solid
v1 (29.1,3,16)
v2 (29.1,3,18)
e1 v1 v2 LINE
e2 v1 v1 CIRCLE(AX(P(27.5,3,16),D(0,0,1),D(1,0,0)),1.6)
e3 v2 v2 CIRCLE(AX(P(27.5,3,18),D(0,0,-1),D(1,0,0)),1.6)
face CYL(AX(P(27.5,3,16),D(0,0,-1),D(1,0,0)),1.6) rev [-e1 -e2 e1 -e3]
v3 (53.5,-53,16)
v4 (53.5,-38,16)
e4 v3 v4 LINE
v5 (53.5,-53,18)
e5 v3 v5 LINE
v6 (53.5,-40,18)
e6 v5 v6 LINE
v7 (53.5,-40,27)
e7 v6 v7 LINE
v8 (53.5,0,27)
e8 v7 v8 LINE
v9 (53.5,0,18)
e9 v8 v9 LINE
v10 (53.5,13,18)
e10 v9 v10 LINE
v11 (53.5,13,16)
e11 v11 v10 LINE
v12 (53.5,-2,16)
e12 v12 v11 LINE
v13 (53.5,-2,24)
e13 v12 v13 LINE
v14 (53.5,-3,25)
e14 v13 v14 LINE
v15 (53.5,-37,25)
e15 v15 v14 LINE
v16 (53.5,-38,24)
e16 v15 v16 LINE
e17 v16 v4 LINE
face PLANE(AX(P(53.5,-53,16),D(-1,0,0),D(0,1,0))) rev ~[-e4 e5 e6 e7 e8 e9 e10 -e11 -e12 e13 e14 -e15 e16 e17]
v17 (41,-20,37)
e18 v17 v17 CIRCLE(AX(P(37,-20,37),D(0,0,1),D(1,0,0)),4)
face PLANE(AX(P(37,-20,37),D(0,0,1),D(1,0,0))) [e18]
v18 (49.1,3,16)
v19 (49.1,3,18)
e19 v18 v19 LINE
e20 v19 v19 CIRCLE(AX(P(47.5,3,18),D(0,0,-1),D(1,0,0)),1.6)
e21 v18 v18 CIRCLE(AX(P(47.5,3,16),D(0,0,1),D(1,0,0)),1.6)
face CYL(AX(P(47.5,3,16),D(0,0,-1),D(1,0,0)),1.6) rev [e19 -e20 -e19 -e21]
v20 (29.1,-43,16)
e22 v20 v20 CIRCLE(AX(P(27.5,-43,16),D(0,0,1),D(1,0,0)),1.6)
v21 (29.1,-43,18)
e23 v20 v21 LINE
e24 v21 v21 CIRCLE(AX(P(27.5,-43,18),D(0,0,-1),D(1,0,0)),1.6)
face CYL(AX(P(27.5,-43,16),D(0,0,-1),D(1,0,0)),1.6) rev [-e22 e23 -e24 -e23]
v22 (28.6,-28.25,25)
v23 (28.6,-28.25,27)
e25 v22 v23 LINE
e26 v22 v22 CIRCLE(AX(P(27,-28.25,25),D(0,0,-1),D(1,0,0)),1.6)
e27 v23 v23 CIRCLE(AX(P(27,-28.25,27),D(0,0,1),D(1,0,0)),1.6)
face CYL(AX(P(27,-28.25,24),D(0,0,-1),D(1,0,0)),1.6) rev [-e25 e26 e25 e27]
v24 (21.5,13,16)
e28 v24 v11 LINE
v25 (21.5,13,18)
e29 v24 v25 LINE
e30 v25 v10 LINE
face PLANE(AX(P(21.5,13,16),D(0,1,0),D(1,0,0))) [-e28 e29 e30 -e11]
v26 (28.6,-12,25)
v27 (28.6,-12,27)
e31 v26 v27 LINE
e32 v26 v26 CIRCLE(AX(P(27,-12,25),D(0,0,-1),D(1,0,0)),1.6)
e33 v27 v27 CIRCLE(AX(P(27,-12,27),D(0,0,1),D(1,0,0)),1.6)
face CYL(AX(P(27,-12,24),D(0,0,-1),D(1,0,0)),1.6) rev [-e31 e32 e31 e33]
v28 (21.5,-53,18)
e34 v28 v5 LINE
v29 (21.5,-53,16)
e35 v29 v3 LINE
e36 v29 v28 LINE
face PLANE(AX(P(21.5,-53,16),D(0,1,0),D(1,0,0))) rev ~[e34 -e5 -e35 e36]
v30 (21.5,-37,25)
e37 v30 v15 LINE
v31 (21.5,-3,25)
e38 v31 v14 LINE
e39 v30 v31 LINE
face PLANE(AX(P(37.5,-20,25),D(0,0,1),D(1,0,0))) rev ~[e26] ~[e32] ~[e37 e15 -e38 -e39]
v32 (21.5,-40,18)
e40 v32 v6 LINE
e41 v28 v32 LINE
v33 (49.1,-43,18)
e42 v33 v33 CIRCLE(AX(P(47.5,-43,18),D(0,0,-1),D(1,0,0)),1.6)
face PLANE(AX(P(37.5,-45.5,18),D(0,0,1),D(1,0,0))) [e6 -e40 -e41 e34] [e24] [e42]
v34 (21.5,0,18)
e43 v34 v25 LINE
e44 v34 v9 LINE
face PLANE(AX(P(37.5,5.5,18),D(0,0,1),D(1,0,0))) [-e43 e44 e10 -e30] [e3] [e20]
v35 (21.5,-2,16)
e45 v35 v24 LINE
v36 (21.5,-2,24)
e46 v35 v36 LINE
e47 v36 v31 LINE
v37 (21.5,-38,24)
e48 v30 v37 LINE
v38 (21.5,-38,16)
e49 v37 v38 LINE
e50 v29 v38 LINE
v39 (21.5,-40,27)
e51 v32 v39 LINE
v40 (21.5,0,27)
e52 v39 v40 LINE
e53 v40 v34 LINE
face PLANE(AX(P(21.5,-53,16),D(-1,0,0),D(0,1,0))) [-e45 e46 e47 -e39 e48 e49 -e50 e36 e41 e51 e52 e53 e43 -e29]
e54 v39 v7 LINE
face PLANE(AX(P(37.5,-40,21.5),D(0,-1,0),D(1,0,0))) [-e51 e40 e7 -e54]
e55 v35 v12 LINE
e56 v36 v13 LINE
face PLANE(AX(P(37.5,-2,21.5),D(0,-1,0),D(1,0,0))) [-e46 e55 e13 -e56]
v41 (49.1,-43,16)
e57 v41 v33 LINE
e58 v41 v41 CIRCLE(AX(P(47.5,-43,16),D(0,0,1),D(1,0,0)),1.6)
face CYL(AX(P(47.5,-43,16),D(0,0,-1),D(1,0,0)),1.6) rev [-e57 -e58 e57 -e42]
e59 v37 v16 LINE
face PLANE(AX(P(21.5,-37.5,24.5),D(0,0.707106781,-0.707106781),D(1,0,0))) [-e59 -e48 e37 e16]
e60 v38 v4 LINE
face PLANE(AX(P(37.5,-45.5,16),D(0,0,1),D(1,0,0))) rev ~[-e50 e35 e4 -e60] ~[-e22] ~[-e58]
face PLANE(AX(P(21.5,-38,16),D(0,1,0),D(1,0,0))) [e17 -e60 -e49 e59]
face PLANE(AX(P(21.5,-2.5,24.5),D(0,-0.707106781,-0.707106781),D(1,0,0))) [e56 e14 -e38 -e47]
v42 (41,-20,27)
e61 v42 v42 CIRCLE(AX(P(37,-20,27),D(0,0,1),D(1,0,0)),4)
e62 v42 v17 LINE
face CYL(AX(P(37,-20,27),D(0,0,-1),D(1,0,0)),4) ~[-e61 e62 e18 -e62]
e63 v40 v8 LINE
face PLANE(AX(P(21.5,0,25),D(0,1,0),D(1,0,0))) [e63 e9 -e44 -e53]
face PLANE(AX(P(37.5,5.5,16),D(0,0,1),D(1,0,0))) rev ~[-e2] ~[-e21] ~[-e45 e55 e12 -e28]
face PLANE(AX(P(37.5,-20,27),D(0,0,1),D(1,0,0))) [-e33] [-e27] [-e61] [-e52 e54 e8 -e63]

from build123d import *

# Parameters (mm, degrees)
CYLINDER101_R     = 1.6
CYLINDER101_DEPTH = 3
CYLINDER102_R     = 1.6
CYLINDER102_DEPTH = 3
CYLINDER103_R     = 1.6
CYLINDER103_DEPTH = 3
CYLINDER145_R     = 1.6
CYLINDER145_DEPTH = 3
CYLINDER146_R     = 1.6
CYLINDER146_DEPTH = 3
CYLINDER100_R     = 1.6
CYLINDER100_DEPTH = 3
BOX079_W          = 32
BOX079_H          = 7
BOX079_DEPTH      = 2
BOX014_W          = 32
BOX014_H          = 40
BOX014_DEPTH      = 2
BOX080_W          = 32
BOX080_H          = 7
BOX080_DEPTH      = 2
BOX078_W          = 32
BOX078_H          = 15
BOX078_DEPTH      = 2
CYLINDER_R        = 4
CYLINDER_DEPTH    = 10
BOX077_W          = 32
BOX077_H          = 15
BOX077_DEPTH      = 2
CHAMFER003_SIZE   = 1


with BuildPart() as cylinder101:
    # Cylinder101 → Cylinder101 (new body)
    with BuildSketch(Plane(origin=(47.5, -22, 7), x_dir=(1, 0, 0), z_dir=(0, 0, 1))):
        Circle(CYLINDER101_R)
    extrude(amount=CYLINDER101_DEPTH)


with BuildPart() as cylinder102:
    # Cylinder102 → Cylinder102 (new body)
    with BuildSketch(Plane(origin=(47.5, -68, 7), x_dir=(1, 0, 0), z_dir=(0, 0, 1))):
        Circle(CYLINDER102_R)
    extrude(amount=CYLINDER102_DEPTH)


with BuildPart() as cylinder103:
    # Cylinder103 → Cylinder103 (new body)
    with BuildSketch(Plane(origin=(27.5, -68, 7), x_dir=(1, 0, 0), z_dir=(0, 0, 1))):
        Circle(CYLINDER103_R)
    extrude(amount=CYLINDER103_DEPTH)


with BuildPart() as cylinder145:
    # Cylinder145 → Cylinder145 (new body)
    with BuildSketch(Plane(origin=(27, -37, 15), x_dir=(1, 0, 0), z_dir=(0, 0, 1))):
        Circle(CYLINDER145_R)
    extrude(amount=CYLINDER145_DEPTH)


with BuildPart() as cylinder146:
    # Cylinder146 → Cylinder146 (new body)
    with BuildSketch(Plane(origin=(27, -53.25, 15), x_dir=(1, 0, 0), z_dir=(0, 0, 1))):
        Circle(CYLINDER146_R)
    extrude(amount=CYLINDER146_DEPTH)


with BuildPart() as fusion046:
    # Cylinder100 → Cylinder100 (new body)
    with BuildSketch(Plane(origin=(27.5, -22, 7), x_dir=(1, 0, 0), z_dir=(0, 0, 1))):
        Circle(CYLINDER100_R)
    extrude(amount=CYLINDER100_DEPTH)

    # Fusion046: union Cylinder101, Cylinder102, Cylinder103, Cylinder145, Cylinder146
    add(cylinder101.part)
    add(cylinder102.part)
    add(cylinder103.part)
    add(cylinder145.part)
    add(cylinder146.part)


with BuildPart() as fusion046_1:
    # Fusion046 placement: moved
    add(fusion046.part.moved(Location((0, 25, 9))))


with BuildPart() as cube079:
    # Box079 → Box079 (new body)
    with BuildSketch(Plane(origin=(21.5, 0, 18), x_dir=(1, 0, 0), z_dir=(0, -1, 0))):
        with Locations((16, 3.5)):
            Rectangle(BOX079_W, BOX079_H)
    extrude(amount=BOX079_DEPTH)


with BuildPart() as cube014:
    # Box014 → Box014 (new body)
    with BuildSketch(Plane(origin=(21.5, -40, 25), x_dir=(1, 0, 0), z_dir=(0, 0, 1))):
        with Locations((16, 20)):
            Rectangle(BOX014_W, BOX014_H)
    extrude(amount=BOX014_DEPTH)


with BuildPart() as cube080:
    # Box080 → Box080 (new body)
    with BuildSketch(Plane(origin=(21.5, -38, 18), x_dir=(1, 0, 0), z_dir=(0, -1, 0))):
        with Locations((16, 3.5)):
            Rectangle(BOX080_W, BOX080_H)
    extrude(amount=BOX080_DEPTH)


with BuildPart() as cube078:
    # Box078 → Box078 (new body)
    with BuildSketch(Plane(origin=(21.5, -53, 16), x_dir=(1, 0, 0), z_dir=(0, 0, 1))):
        with Locations((16, 7.5)):
            Rectangle(BOX078_W, BOX078_H)
    extrude(amount=BOX078_DEPTH)


with BuildPart() as cylinder:
    # Cylinder → Cylinder (new body)
    with BuildSketch(Plane(origin=(37, -20, 27), x_dir=(1, 0, 0), z_dir=(0, 0, 1))):
        Circle(CYLINDER_R)
    extrude(amount=CYLINDER_DEPTH)


with BuildPart() as chamfer003:
    # Box077 → Box077 (new body)
    with BuildSketch(Plane(origin=(21.5, -2, 16), x_dir=(1, 0, 0), z_dir=(0, 0, 1))):
        with Locations((16, 7.5)):
            Rectangle(BOX077_W, BOX077_H)
    extrude(amount=BOX077_DEPTH)

    # Fusion105: union Cube079, Cube014, Cube080, Cube078, Cylinder
    add(cube079.part)
    add(cube014.part)
    add(cube080.part)
    add(cube078.part)
    add(cylinder.part)

    # Cut083: cut Fusion046
    add(fusion046_1.part, mode=Mode.SUBTRACT)

    # Chamfer003
    chamfer003_edges = [chamfer003.edges().sort_by_distance(p)[0] for p in [
        (37.5, -2, 25),
        (37.5, -38, 25),
    ]]
    chamfer(chamfer003_edges, length=CHAMFER003_SIZE)


solid = chamfer003.part
